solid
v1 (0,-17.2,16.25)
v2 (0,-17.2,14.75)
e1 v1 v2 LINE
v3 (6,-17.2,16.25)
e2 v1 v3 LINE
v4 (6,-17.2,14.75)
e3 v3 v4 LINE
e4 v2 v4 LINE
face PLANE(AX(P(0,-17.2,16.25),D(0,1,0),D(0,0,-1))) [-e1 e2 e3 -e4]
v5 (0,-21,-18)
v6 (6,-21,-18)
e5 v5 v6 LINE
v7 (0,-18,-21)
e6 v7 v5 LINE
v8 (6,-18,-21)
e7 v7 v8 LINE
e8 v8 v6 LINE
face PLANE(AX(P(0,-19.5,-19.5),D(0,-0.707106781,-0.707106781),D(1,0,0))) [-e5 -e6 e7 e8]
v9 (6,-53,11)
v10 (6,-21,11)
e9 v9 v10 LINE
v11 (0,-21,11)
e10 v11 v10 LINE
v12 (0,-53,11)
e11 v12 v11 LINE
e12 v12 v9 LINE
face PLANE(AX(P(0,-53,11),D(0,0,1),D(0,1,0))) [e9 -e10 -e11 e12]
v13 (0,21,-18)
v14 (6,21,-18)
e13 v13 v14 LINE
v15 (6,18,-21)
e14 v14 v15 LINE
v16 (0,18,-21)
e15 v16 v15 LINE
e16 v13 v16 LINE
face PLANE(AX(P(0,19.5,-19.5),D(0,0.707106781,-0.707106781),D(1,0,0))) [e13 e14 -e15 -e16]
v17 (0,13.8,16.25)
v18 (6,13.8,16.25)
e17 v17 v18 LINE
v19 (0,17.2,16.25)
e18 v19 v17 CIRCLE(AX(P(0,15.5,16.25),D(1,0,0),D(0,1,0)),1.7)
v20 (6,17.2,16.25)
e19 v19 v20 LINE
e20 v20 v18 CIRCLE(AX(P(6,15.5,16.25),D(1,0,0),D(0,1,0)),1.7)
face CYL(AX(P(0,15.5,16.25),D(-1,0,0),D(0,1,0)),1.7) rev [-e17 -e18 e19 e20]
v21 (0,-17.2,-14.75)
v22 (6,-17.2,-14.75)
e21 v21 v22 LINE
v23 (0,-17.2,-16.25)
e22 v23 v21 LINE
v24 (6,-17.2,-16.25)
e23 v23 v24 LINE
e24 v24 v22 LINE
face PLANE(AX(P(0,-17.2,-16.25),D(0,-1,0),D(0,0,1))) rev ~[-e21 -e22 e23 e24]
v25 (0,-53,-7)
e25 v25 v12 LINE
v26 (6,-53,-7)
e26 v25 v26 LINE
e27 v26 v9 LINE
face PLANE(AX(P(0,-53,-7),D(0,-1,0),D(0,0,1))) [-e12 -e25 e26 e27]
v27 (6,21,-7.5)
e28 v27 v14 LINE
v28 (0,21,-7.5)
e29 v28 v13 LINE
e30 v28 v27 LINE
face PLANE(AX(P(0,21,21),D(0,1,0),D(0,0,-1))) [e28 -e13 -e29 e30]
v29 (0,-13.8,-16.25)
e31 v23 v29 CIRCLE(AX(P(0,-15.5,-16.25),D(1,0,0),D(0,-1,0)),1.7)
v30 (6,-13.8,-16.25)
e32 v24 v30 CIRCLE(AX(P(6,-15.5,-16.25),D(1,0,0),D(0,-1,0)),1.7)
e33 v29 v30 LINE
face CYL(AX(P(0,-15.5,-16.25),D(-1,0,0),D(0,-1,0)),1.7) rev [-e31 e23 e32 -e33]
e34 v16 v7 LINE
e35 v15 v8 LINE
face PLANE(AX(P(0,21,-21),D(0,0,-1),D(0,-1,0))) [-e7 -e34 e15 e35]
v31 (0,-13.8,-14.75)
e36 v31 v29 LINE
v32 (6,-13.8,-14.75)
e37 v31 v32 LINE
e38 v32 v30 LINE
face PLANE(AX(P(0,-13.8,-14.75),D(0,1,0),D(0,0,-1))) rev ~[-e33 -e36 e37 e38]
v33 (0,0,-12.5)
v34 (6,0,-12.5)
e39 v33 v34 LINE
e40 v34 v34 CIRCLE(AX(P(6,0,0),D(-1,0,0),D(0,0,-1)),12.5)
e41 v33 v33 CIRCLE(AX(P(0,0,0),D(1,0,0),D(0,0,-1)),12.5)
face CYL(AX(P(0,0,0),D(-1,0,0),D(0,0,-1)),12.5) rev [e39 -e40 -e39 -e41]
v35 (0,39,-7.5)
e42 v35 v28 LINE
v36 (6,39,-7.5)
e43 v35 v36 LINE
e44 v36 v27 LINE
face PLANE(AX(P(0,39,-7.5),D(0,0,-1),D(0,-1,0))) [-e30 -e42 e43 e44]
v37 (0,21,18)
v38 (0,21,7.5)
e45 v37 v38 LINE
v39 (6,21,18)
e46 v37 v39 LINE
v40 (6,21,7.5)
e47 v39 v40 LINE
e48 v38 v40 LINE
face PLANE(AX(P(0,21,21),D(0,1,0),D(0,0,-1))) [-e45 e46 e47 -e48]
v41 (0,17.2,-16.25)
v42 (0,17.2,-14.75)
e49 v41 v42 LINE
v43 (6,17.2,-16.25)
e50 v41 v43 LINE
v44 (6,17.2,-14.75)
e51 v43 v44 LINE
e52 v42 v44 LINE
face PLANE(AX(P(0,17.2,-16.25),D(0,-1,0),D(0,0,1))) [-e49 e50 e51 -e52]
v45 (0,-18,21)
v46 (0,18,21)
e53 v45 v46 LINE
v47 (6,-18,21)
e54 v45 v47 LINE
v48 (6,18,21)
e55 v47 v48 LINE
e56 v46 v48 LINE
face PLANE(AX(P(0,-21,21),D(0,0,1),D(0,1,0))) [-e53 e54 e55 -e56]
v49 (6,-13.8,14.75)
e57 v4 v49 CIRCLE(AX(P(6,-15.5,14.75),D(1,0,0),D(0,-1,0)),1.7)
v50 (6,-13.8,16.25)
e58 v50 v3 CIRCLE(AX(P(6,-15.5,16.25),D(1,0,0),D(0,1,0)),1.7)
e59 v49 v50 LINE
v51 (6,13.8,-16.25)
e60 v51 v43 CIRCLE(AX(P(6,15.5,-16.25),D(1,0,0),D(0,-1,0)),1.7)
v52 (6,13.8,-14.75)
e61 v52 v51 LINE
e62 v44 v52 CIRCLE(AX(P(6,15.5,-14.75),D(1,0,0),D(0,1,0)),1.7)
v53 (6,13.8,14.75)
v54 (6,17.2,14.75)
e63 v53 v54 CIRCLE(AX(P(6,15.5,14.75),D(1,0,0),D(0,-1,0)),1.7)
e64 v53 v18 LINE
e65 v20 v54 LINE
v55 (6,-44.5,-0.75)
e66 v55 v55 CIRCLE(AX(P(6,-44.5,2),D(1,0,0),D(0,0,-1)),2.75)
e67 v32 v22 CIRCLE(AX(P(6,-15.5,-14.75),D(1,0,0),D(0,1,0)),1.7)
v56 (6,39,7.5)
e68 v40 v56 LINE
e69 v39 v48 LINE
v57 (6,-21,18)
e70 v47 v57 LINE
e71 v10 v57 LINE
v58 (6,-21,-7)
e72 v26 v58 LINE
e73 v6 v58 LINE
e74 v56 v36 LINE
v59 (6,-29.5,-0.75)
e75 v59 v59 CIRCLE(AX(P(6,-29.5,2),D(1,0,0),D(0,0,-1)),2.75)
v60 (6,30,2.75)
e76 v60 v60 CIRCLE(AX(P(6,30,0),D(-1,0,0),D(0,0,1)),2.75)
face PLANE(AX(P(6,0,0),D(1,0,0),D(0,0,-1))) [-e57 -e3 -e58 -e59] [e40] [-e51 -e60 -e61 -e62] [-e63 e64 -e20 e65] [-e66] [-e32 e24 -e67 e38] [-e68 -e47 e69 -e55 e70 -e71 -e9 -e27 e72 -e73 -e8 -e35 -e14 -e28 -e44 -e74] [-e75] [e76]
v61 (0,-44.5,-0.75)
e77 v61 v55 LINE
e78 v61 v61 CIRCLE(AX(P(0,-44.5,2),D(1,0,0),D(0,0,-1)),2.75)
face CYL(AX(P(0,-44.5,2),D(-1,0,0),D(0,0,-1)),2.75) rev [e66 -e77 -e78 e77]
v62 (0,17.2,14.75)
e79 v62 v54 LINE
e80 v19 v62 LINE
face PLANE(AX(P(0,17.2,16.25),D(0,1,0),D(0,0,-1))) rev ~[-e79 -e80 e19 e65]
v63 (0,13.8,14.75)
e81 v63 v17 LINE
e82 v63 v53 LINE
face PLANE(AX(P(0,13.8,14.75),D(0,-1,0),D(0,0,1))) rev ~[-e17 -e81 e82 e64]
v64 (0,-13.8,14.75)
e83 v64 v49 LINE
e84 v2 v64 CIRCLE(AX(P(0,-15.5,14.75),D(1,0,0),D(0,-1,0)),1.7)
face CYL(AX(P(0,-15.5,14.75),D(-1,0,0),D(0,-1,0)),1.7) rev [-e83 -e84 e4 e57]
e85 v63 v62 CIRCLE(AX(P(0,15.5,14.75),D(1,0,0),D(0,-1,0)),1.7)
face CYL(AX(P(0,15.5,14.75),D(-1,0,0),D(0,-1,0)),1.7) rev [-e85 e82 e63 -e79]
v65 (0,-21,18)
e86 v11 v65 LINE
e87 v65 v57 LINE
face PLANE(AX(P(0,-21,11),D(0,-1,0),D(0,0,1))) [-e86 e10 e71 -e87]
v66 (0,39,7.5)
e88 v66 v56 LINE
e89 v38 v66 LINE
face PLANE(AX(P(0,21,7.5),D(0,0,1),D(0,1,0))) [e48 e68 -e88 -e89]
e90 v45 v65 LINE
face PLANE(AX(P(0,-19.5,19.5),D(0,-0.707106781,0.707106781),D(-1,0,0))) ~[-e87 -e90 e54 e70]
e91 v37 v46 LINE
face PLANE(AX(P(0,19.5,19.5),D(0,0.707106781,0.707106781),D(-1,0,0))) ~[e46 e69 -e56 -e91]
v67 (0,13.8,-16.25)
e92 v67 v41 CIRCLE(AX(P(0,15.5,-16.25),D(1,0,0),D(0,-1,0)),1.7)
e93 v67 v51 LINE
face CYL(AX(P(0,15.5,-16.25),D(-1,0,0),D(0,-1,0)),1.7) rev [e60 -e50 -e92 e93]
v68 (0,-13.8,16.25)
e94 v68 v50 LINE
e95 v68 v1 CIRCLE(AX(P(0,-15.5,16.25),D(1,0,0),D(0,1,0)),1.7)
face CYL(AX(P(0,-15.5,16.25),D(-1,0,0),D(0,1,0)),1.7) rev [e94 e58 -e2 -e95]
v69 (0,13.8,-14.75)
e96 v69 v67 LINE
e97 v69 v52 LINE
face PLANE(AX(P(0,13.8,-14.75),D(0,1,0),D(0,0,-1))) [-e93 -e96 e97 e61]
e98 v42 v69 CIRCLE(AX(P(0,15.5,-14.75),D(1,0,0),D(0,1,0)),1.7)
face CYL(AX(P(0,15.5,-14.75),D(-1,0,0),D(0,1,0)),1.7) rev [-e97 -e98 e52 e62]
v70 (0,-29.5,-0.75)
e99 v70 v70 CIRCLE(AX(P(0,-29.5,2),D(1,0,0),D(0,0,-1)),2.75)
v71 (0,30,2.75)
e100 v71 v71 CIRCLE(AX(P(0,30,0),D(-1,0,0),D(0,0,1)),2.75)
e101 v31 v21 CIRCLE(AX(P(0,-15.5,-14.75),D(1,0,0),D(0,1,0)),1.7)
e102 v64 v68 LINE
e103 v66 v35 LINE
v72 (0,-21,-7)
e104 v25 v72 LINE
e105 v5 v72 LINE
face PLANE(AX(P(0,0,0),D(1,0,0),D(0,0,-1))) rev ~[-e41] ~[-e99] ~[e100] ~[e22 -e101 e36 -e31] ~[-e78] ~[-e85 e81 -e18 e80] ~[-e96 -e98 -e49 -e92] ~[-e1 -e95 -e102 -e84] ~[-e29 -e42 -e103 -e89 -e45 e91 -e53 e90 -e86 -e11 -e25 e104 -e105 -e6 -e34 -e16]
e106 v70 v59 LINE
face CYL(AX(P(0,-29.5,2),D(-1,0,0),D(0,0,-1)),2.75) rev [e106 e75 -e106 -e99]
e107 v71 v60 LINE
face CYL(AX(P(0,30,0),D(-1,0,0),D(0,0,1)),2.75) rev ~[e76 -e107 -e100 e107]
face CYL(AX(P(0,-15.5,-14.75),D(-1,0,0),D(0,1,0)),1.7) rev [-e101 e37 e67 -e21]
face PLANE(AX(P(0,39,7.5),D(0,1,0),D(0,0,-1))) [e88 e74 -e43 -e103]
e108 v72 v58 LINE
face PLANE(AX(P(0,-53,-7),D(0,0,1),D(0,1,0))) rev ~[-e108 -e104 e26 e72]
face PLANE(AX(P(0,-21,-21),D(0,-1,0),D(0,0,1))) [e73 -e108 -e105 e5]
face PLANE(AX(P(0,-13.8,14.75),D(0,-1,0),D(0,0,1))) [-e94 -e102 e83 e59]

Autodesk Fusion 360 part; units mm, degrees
sketch "Sketch1" plane through (0, 0, 0) normal (1, 0, 0) x (0, 0, -1)
  line L0 (-21, 21) -> (21, 21)
  line L1 (21, 21) -> (21, -21)
  line L2 (21, -21) -> (-21, -21)
  line L3 (-21, -21) -> (-21, 21)
  line L4 (-11, -21) -> (7, -21)
  line L5 (7, -53) -> (-11, -53)
  line L6 (-11, -53) -> (-11, -21)
  line L7 (-21, 0) -> (21, 0) construction
  circle A0 centre (0, 0) radius 12.5
  circle A1 centre (-2, -29.5) radius 2.75
  circle A2 centre (-2, -44.5) radius 2.75
  line L8 (-2, -44.5) -> (-2, -29.5) construction
  line L9 (-16.25, 17.2) -> (-14.75, 17.2)
  arc A3 (-14.75, 13.8) -> (-14.75, 17.2) centre (-14.75, 15.5) ccw
  line L10 (-14.75, 13.8) -> (-16.25, 13.8)
  arc A4 (-16.25, 17.2) -> (-16.25, 13.8) centre (-16.25, 15.5) ccw
  line L11 (-14.75, 15.5) -> (-16.25, 15.5) construction
  line L12 (0, 20) -> (0, 2.5)
  line L13 (14.75, 13.8) -> (16.25, 13.8)
  arc A5 (16.25, 13.8) -> (16.25, 17.2) centre (16.25, 15.5) ccw
  line L14 (16.25, 17.2) -> (14.75, 17.2)
  arc A6 (14.75, 17.2) -> (14.75, 13.8) centre (14.75, 15.5) ccw
  arc A7 (-14.75, -17.2) -> (-14.75, -13.8) centre (-14.75, -15.5) ccw
  line L15 (-14.75, -13.8) -> (-16.25, -13.8)
  arc A8 (-16.25, -13.8) -> (-16.25, -17.2) centre (-16.25, -15.5) ccw
  line L16 (-16.25, -17.2) -> (-14.75, -17.2)
  arc A9 (14.75, -13.8) -> (14.75, -17.2) centre (14.75, -15.5) ccw
  line L17 (16.25, -17.2) -> (14.75, -17.2)
  arc A10 (16.25, -17.2) -> (16.25, -13.8) centre (16.25, -15.5) ccw
  line L18 (14.75, -13.8) -> (16.25, -13.8)
  line L19 (7, -53) -> (7, -21)
  point P0 (-2, -53)
  point P1 (-2, -37)
  point P2 (-15.5, 15.5)
  dimension "d1" = 42
  dimension "d4" = 42
  dimension "d8" = 25
  dimension "d9" = 5.5
  dimension "d12" = 5.5
  dimension "d13" = 15
  dimension "d28" = 1.5
  dimension "d29" = 15.5
  dimension "d30" = 15.5
  dimension "d31" = 1.7
  dimension "d32" = 32
  dimension "d33" = 18
  dimension "d34" = 16
  dimension "d35" = 2
extrude "Extrude1" add sketch "Sketch1" along normal blind 6
sketch "Sketch4" plane through (0, 0, 0) normal (-1, 0, 0) x (0, 0, 1)
  circle A0 centre (0, 0) radius 12.5
  line L0 (21, -21) -> (21, 21)
  line L1 (21, 21) -> (-21, 21)
  line L2 (-7.5, 21) -> (7.5, 21)
  line L3 (7.5, 21) -> (7.5, 39)
  line L4 (7.5, 39) -> (-7.5, 39)
  line L5 (-7.5, 39) -> (-7.5, 21)
  line L6 (-21, 21) -> (-21, -21)
  line L7 (-21, -21) -> (-7, -21)
  circle A1 centre (2, -44.5) radius 2.75
  circle A2 centre (2, -29.5) radius 2.75
  line L8 (-7, -53) -> (11, -53)
  line L9 (11, -53) -> (11, -21)
  line L10 (11, -21) -> (21, -21)
  line L11 (-7, -21) -> (-7, -53)
  arc A3 (-14.75, 13.8) -> (-14.75, 17.2) centre (-14.75, 15.5) ccw
  line L12 (-14.75, 13.8) -> (-16.25, 13.8)
  arc A4 (-16.25, 17.2) -> (-16.25, 13.8) centre (-16.25, 15.5) ccw
  line L13 (-16.25, 17.2) -> (-14.75, 17.2)
  line L14 (16.25, -17.2) -> (14.75, -17.2)
  arc A5 (14.75, -13.8) -> (14.75, -17.2) centre (14.75, -15.5) ccw
  line L15 (14.75, -13.8) -> (16.25, -13.8)
  arc A6 (16.25, -17.2) -> (16.25, -13.8) centre (16.25, -15.5) ccw
  arc A7 (-16.25, -13.8) -> (-16.25, -17.2) centre (-16.25, -15.5) ccw
  line L16 (-16.25, -13.8) -> (-14.75, -13.8)
  arc A8 (-14.75, -17.2) -> (-14.75, -13.8) centre (-14.75, -15.5) ccw
  line L17 (-14.75, -17.2) -> (-16.25, -17.2)
  arc A9 (14.75, 17.2) -> (14.75, 13.8) centre (14.75, 15.5) ccw
  line L18 (14.75, 17.2) -> (16.25, 17.2)
  arc A10 (16.25, 13.8) -> (16.25, 17.2) centre (16.25, 15.5) ccw
  line L19 (16.25, 13.8) -> (14.75, 13.8)
  point P0 (0, 21)
  dimension "d18" = 18
  dimension "d19" = 15
extrude "Extrude2" add sketch "Sketch4" against normal up to surface (6 mm away) contours L1 L2 L3 L4 L5
sketch "Sketch5" plane through (0, 0, 0) normal (-1, 0, 0) x (0, 0, 1)
  circle A0 centre (0, 0) radius 12.5
  line L0 (21, -21) -> (21, 21)
  line L1 (21, 21) -> (7.5, 21)
  line L2 (7.5, 21) -> (7.5, 39)
  line L3 (7.5, 39) -> (-7.5, 39)
  line L4 (-7.5, 39) -> (-7.5, 21)
  line L5 (-7.5, 21) -> (-21, 21)
  circle A1 centre (0, 30) radius 2.75
  line L6 (-21, 21) -> (-21, -21)
  line L7 (-21, -21) -> (-7, -21)
  circle A2 centre (2, -44.5) radius 2.75
  circle A3 centre (2, -29.5) radius 2.75
  line L8 (-7, -53) -> (11, -53)
  line L9 (11, -53) -> (11, -21)
  line L10 (11, -21) -> (21, -21)
  line L11 (-7, -21) -> (-7, -53)
  arc A4 (-14.75, 13.8) -> (-14.75, 17.2) centre (-14.75, 15.5) ccw
  line L12 (-14.75, 13.8) -> (-16.25, 13.8)
  arc A5 (-16.25, 17.2) -> (-16.25, 13.8) centre (-16.25, 15.5) ccw
  line L13 (-16.25, 17.2) -> (-14.75, 17.2)
  line L14 (16.25, -17.2) -> (14.75, -17.2)
  arc A6 (14.75, -13.8) -> (14.75, -17.2) centre (14.75, -15.5) ccw
  line L15 (14.75, -13.8) -> (16.25, -13.8)
  arc A7 (16.25, -17.2) -> (16.25, -13.8) centre (16.25, -15.5) ccw
  arc A8 (-16.25, -13.8) -> (-16.25, -17.2) centre (-16.25, -15.5) ccw
  line L16 (-16.25, -13.8) -> (-14.75, -13.8)
  arc A9 (-14.75, -17.2) -> (-14.75, -13.8) centre (-14.75, -15.5) ccw
  line L17 (-14.75, -17.2) -> (-16.25, -17.2)
  arc A10 (14.75, 17.2) -> (14.75, 13.8) centre (14.75, 15.5) ccw
  line L18 (14.75, 17.2) -> (16.25, 17.2)
  arc A11 (16.25, 13.8) -> (16.25, 17.2) centre (16.25, 15.5) ccw
  line L19 (16.25, 13.8) -> (14.75, 13.8)
  dimension "d22" = 30
  dimension "d23" = 5.5
extrude "Extrude3" cut sketch "Sketch5" against normal blind 30 contours A1
chamfer "Chamfer1" distance 3 angle 45 4 edges at (3, 21, 21) (3, -21, 21) (3, -21, -21) (3, 21, -21)
sketch "Sketch6" plane through (6, 0, 0) normal (1, 0, 0) x (0, 0, -1)
  line L0 (18, 21) -> (7.5, 21)
  line L1 (7.5, 21) -> (7.5, 39)
  line L2 (7.5, 39) -> (-7.5, 39)
  line L3 (-7.5, 39) -> (-7.5, 21)
  line L4 (-7.5, 21) -> (-18, 21)
  line L5 (-18, 21) -> (-21, 18)
  line L6 (-21, 18) -> (-21, -18)
  circle A0 centre (0, 0) radius 12.5
  circle A1 centre (0, 30) radius 2.75
  line L7 (7, -21) -> (18, -21)
  line L8 (21, -18) -> (21, 18)
  circle A2 centre (-2, -44.5) radius 2.75
  circle A3 centre (-2, -29.5) radius 2.75
  line L9 (-21, -18) -> (-18, -21)
  line L10 (-18, -21) -> (-11, -21)
  line L11 (-11, -21) -> (-11, -53)
  line L12 (-11, -53) -> (7, -53)
  line L13 (7, -53) -> (7, -21)
  line L14 (21, 18) -> (18, 21)
  line L15 (18, -21) -> (21, -18)
  arc A4 (14.75, 17.2) -> (14.75, 13.8) centre (14.75, 15.5) ccw
  line L16 (14.75, 17.2) -> (16.25, 17.2)
  arc A5 (16.25, 13.8) -> (16.25, 17.2) centre (16.25, 15.5) ccw
  line L17 (16.25, 13.8) -> (14.75, 13.8)
  line L18 (-14.75, -17.2) -> (-16.25, -17.2)
  arc A6 (-16.25, -13.8) -> (-16.25, -17.2) centre (-16.25, -15.5) ccw
  line L19 (-16.25, -13.8) -> (-14.75, -13.8)
  arc A7 (-14.75, -17.2) -> (-14.75, -13.8) centre (-14.75, -15.5) ccw
  arc A8 (16.25, -17.2) -> (16.25, -13.8) centre (16.25, -15.5) ccw
  line L20 (16.25, -17.2) -> (14.75, -17.2)
  arc A9 (14.75, -13.8) -> (14.75, -17.2) centre (14.75, -15.5) ccw
  line L21 (14.75, -13.8) -> (16.25, -13.8)
  arc A10 (-14.75, 13.8) -> (-14.75, 17.2) centre (-14.75, 15.5) ccw
  line L22 (-14.75, 13.8) -> (-16.25, 13.8)
  arc A11 (-16.25, 17.2) -> (-16.25, 13.8) centre (-16.25, 15.5) ccw
  line L23 (-16.25, 17.2) -> (-14.75, 17.2)
equation "d31 = 3.4 mm / 2"
